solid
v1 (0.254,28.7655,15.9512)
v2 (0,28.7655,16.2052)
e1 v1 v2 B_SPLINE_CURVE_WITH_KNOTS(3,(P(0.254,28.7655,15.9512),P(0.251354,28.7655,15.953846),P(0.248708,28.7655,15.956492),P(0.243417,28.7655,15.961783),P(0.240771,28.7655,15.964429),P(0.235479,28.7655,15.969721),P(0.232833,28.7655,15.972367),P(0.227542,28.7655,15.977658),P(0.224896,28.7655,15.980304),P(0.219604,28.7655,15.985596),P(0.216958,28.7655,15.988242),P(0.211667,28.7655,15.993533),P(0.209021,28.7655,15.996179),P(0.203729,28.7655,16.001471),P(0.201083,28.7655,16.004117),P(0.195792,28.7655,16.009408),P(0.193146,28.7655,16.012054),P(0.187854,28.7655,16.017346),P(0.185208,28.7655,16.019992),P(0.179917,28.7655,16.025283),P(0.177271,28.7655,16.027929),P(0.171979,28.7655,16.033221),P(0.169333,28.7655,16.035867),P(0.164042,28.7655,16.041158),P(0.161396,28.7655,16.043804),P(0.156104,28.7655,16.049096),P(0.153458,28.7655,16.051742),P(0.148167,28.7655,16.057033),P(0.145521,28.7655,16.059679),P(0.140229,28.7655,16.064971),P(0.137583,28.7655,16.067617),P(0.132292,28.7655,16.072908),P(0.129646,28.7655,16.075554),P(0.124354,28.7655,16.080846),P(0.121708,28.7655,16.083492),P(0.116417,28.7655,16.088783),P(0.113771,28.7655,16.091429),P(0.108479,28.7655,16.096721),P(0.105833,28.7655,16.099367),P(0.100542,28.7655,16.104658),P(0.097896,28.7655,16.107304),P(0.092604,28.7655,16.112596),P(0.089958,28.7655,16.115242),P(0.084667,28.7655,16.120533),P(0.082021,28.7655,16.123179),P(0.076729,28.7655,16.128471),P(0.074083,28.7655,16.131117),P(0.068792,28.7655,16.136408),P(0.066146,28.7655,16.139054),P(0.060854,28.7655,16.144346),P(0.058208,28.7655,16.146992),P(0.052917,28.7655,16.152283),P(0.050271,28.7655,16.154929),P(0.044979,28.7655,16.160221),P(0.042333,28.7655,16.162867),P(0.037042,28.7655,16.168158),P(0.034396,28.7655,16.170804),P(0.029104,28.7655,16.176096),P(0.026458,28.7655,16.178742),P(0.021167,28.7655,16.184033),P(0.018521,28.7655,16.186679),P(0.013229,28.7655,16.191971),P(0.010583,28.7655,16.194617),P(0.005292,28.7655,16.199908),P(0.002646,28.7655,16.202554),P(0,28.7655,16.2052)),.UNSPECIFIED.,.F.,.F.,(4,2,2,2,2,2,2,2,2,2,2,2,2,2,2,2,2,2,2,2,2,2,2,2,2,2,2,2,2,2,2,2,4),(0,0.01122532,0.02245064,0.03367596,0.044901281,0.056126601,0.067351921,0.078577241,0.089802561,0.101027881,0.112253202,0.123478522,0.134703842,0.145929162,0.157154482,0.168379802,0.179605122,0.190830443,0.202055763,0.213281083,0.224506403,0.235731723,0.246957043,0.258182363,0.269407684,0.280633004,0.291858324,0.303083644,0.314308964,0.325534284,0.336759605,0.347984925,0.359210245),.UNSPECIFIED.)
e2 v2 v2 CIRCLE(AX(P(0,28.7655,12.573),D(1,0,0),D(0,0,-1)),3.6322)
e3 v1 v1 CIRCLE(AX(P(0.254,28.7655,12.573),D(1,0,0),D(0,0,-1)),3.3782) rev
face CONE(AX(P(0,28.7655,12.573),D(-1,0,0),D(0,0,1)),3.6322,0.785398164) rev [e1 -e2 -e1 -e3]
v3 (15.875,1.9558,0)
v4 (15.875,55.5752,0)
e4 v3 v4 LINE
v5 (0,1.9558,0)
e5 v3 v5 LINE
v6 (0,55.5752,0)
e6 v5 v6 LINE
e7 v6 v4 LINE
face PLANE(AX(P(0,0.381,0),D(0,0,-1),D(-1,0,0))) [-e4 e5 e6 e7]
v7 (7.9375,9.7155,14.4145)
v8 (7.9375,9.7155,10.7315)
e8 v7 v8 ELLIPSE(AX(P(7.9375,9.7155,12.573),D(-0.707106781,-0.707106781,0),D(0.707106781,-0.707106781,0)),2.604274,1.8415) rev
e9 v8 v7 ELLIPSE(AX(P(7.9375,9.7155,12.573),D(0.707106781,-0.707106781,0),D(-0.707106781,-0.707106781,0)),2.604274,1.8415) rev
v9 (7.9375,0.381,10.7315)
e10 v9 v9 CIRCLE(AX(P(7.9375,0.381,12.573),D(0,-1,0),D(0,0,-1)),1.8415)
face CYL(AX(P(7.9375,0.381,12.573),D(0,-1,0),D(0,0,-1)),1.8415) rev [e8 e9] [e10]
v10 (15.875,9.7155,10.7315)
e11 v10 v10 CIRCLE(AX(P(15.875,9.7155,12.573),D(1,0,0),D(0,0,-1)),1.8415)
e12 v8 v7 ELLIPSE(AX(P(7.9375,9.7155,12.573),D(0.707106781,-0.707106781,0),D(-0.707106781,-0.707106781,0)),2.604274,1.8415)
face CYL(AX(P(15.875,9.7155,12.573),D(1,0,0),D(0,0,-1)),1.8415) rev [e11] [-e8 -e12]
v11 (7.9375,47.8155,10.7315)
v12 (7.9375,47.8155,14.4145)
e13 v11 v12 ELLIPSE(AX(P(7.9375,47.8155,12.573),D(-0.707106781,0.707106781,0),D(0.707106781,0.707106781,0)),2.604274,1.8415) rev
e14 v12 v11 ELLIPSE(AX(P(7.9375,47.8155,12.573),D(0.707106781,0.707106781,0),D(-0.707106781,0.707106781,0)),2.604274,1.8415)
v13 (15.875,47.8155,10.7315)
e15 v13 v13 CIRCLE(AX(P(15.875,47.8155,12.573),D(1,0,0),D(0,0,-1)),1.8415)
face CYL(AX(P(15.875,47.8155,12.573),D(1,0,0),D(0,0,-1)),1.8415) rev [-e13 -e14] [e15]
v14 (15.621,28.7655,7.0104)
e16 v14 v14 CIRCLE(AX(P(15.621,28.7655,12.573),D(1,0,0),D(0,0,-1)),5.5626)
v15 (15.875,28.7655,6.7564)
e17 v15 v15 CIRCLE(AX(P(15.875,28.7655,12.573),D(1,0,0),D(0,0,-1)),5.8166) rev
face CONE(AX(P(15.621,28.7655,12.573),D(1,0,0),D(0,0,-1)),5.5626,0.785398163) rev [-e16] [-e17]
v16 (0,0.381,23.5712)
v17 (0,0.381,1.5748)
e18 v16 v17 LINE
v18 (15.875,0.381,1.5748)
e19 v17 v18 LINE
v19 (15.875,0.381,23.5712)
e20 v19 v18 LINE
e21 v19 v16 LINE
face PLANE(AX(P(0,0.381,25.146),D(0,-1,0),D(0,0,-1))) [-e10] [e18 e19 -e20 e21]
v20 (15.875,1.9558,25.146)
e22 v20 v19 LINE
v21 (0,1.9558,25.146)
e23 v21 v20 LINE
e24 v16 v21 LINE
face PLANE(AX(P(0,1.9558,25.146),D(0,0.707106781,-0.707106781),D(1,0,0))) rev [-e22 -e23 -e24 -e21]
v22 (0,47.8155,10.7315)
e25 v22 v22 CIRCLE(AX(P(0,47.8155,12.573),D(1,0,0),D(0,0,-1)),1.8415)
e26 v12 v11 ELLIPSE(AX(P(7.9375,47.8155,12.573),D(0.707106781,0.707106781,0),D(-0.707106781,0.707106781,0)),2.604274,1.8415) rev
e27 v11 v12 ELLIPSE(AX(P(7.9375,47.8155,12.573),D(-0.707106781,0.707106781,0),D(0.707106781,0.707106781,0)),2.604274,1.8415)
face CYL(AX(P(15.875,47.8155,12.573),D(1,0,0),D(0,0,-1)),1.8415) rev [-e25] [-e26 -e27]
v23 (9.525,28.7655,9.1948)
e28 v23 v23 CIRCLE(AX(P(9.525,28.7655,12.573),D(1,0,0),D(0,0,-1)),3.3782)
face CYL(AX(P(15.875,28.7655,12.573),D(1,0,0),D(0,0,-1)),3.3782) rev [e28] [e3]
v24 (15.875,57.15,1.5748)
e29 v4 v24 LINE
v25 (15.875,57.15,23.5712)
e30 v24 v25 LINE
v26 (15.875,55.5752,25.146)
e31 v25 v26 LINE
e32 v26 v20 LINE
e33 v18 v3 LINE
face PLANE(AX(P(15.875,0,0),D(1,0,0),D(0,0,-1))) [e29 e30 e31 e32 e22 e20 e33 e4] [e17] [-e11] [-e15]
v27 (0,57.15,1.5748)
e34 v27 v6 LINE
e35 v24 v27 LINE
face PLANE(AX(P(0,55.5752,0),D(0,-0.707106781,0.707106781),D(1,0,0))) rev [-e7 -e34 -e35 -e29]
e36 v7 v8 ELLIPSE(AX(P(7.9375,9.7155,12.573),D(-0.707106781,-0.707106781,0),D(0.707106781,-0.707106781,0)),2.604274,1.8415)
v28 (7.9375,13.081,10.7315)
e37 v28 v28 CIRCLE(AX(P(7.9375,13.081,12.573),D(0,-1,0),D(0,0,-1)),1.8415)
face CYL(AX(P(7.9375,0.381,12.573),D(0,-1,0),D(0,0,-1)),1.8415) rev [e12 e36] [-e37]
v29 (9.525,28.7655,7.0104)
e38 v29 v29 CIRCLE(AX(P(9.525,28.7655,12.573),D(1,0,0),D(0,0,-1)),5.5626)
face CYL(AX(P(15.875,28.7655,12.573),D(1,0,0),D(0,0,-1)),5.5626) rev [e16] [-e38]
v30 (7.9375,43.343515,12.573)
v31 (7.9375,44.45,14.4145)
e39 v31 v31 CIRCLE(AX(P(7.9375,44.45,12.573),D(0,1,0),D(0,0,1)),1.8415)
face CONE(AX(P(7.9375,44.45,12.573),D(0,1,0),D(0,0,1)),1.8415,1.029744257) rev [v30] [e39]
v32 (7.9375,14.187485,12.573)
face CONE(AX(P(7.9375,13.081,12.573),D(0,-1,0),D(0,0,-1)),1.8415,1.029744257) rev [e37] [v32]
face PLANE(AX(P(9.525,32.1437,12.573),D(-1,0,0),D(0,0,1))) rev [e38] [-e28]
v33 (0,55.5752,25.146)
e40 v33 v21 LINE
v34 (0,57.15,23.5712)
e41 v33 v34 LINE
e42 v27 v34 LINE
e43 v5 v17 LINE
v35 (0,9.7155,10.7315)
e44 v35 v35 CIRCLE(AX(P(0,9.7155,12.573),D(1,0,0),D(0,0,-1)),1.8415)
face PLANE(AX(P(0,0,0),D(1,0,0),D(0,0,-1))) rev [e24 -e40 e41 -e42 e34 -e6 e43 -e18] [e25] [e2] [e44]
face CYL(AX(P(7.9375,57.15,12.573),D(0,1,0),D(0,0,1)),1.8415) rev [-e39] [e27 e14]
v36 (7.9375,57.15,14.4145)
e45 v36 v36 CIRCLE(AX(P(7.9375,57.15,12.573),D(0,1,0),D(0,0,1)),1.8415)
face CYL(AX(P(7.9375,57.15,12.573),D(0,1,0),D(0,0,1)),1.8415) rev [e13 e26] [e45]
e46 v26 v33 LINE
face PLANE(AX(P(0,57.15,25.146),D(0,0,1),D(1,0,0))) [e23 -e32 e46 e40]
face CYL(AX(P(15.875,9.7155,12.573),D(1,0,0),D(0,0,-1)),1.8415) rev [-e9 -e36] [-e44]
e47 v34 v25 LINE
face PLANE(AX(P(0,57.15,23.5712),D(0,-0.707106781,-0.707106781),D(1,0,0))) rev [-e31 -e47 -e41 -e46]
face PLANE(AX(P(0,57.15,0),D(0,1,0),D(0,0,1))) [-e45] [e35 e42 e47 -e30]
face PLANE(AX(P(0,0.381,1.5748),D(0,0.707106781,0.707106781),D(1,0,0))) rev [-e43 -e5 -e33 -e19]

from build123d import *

# Parameters (mm, degrees)
SKETCH1_W                               = 25.146
SKETCH1_H                               = 56.769
BOSS_EXTRUDE1_DEPTH                     = 15.875
HOLE1_D                                 = 3.683
HOLE1_DEPTH                             = 12.7
HOLE1_TIP                               = 1.10648483
HOLE2_D                                 = 3.683
HOLE2_DEPTH                             = 12.7
HOLE2_TIP                               = 1.10648483
HOLE3_D                                 = 3.683
HOLE3_DEPTH                             = 23.8125
CBORE_FOR_M6_HEX_HEAD_BOLT1_D           = 6.7564
CBORE_FOR_M6_HEX_HEAD_BOLT1_CBORE_D     = 11.1252
CBORE_FOR_M6_HEX_HEAD_BOLT1_CBORE_DEPTH = 6.35
CHAMFER1_SIZE                           = 1.5748
CHAMFER2_SIZE                           = 0.254


with BuildPart() as part:
    # Sketch1 → Boss-Extrude1 (new body)
    with BuildSketch(Plane(origin=(15.875, 0, 0), x_dir=(0, 0, -1), z_dir=(1, 0, 0))):
        with Locations((-12.573, 28.7655)):
            Rectangle(SKETCH1_W, SKETCH1_H)
    extrude(amount=-BOSS_EXTRUDE1_DEPTH)

    # Hole1
    with Locations(Plane(origin=(0, 0.381, 0), x_dir=(-1, 0, 0), z_dir=(0, -1, 0))):
        with Locations((-7.9375, -12.573)):
            Hole(HOLE1_D / 2, depth=HOLE1_DEPTH)
            with Locations((0, 0, -(HOLE1_DEPTH + HOLE1_TIP / 2))):  # 118° drill point
                Cone(0, HOLE1_D / 2, HOLE1_TIP, mode=Mode.SUBTRACT)

    # Hole2
    with Locations(Plane(origin=(0, 57.15, 0), x_dir=(1, 0, 0), z_dir=(0, 1, 0))):
        with Locations((7.9375, -12.573)):
            Hole(HOLE2_D / 2, depth=HOLE2_DEPTH)
            with Locations((0, 0, -(HOLE2_DEPTH + HOLE2_TIP / 2))):  # 118° drill point
                Cone(0, HOLE2_D / 2, HOLE2_TIP, mode=Mode.SUBTRACT)

    # Hole3
    with Locations(Plane(origin=(15.875, 0, 0), x_dir=(0, 0, -1), z_dir=(1, 0, 0))):
        with Locations((-12.573, 47.8155), (-12.573, 9.7155)):
            Hole(HOLE3_D / 2, depth=HOLE3_DEPTH)

    # CBORE for M6 Hex Head Bolt1 (through all)
    with Locations(Plane(origin=(15.875, 0, 0), x_dir=(0, 0, -1), z_dir=(1, 0, 0))):
        with Locations((-12.573, 28.7655)):
            CounterBoreHole(CBORE_FOR_M6_HEX_HEAD_BOLT1_D / 2, CBORE_FOR_M6_HEX_HEAD_BOLT1_CBORE_D / 2, CBORE_FOR_M6_HEX_HEAD_BOLT1_CBORE_DEPTH)

    # Chamfer1
    chamfer1_edges = [part.edges().sort_by_distance(p)[0] for p in [
        (7.9375, 57.15, 0),
        (7.9375, 0.381, 0),
        (7.9375, 0.381, 25.146),
        (7.9375, 57.15, 25.146),
    ]]
    chamfer(chamfer1_edges, length=CHAMFER1_SIZE)

    # Chamfer2
    chamfer2_edges = [part.edges().sort_by_distance(p)[0] for p in [
        (15.875, 28.7655, 18.1356),
        (0, 28.7655, 9.1948),
    ]]
    chamfer(chamfer2_edges, length=CHAMFER2_SIZE)


solid = part.part
